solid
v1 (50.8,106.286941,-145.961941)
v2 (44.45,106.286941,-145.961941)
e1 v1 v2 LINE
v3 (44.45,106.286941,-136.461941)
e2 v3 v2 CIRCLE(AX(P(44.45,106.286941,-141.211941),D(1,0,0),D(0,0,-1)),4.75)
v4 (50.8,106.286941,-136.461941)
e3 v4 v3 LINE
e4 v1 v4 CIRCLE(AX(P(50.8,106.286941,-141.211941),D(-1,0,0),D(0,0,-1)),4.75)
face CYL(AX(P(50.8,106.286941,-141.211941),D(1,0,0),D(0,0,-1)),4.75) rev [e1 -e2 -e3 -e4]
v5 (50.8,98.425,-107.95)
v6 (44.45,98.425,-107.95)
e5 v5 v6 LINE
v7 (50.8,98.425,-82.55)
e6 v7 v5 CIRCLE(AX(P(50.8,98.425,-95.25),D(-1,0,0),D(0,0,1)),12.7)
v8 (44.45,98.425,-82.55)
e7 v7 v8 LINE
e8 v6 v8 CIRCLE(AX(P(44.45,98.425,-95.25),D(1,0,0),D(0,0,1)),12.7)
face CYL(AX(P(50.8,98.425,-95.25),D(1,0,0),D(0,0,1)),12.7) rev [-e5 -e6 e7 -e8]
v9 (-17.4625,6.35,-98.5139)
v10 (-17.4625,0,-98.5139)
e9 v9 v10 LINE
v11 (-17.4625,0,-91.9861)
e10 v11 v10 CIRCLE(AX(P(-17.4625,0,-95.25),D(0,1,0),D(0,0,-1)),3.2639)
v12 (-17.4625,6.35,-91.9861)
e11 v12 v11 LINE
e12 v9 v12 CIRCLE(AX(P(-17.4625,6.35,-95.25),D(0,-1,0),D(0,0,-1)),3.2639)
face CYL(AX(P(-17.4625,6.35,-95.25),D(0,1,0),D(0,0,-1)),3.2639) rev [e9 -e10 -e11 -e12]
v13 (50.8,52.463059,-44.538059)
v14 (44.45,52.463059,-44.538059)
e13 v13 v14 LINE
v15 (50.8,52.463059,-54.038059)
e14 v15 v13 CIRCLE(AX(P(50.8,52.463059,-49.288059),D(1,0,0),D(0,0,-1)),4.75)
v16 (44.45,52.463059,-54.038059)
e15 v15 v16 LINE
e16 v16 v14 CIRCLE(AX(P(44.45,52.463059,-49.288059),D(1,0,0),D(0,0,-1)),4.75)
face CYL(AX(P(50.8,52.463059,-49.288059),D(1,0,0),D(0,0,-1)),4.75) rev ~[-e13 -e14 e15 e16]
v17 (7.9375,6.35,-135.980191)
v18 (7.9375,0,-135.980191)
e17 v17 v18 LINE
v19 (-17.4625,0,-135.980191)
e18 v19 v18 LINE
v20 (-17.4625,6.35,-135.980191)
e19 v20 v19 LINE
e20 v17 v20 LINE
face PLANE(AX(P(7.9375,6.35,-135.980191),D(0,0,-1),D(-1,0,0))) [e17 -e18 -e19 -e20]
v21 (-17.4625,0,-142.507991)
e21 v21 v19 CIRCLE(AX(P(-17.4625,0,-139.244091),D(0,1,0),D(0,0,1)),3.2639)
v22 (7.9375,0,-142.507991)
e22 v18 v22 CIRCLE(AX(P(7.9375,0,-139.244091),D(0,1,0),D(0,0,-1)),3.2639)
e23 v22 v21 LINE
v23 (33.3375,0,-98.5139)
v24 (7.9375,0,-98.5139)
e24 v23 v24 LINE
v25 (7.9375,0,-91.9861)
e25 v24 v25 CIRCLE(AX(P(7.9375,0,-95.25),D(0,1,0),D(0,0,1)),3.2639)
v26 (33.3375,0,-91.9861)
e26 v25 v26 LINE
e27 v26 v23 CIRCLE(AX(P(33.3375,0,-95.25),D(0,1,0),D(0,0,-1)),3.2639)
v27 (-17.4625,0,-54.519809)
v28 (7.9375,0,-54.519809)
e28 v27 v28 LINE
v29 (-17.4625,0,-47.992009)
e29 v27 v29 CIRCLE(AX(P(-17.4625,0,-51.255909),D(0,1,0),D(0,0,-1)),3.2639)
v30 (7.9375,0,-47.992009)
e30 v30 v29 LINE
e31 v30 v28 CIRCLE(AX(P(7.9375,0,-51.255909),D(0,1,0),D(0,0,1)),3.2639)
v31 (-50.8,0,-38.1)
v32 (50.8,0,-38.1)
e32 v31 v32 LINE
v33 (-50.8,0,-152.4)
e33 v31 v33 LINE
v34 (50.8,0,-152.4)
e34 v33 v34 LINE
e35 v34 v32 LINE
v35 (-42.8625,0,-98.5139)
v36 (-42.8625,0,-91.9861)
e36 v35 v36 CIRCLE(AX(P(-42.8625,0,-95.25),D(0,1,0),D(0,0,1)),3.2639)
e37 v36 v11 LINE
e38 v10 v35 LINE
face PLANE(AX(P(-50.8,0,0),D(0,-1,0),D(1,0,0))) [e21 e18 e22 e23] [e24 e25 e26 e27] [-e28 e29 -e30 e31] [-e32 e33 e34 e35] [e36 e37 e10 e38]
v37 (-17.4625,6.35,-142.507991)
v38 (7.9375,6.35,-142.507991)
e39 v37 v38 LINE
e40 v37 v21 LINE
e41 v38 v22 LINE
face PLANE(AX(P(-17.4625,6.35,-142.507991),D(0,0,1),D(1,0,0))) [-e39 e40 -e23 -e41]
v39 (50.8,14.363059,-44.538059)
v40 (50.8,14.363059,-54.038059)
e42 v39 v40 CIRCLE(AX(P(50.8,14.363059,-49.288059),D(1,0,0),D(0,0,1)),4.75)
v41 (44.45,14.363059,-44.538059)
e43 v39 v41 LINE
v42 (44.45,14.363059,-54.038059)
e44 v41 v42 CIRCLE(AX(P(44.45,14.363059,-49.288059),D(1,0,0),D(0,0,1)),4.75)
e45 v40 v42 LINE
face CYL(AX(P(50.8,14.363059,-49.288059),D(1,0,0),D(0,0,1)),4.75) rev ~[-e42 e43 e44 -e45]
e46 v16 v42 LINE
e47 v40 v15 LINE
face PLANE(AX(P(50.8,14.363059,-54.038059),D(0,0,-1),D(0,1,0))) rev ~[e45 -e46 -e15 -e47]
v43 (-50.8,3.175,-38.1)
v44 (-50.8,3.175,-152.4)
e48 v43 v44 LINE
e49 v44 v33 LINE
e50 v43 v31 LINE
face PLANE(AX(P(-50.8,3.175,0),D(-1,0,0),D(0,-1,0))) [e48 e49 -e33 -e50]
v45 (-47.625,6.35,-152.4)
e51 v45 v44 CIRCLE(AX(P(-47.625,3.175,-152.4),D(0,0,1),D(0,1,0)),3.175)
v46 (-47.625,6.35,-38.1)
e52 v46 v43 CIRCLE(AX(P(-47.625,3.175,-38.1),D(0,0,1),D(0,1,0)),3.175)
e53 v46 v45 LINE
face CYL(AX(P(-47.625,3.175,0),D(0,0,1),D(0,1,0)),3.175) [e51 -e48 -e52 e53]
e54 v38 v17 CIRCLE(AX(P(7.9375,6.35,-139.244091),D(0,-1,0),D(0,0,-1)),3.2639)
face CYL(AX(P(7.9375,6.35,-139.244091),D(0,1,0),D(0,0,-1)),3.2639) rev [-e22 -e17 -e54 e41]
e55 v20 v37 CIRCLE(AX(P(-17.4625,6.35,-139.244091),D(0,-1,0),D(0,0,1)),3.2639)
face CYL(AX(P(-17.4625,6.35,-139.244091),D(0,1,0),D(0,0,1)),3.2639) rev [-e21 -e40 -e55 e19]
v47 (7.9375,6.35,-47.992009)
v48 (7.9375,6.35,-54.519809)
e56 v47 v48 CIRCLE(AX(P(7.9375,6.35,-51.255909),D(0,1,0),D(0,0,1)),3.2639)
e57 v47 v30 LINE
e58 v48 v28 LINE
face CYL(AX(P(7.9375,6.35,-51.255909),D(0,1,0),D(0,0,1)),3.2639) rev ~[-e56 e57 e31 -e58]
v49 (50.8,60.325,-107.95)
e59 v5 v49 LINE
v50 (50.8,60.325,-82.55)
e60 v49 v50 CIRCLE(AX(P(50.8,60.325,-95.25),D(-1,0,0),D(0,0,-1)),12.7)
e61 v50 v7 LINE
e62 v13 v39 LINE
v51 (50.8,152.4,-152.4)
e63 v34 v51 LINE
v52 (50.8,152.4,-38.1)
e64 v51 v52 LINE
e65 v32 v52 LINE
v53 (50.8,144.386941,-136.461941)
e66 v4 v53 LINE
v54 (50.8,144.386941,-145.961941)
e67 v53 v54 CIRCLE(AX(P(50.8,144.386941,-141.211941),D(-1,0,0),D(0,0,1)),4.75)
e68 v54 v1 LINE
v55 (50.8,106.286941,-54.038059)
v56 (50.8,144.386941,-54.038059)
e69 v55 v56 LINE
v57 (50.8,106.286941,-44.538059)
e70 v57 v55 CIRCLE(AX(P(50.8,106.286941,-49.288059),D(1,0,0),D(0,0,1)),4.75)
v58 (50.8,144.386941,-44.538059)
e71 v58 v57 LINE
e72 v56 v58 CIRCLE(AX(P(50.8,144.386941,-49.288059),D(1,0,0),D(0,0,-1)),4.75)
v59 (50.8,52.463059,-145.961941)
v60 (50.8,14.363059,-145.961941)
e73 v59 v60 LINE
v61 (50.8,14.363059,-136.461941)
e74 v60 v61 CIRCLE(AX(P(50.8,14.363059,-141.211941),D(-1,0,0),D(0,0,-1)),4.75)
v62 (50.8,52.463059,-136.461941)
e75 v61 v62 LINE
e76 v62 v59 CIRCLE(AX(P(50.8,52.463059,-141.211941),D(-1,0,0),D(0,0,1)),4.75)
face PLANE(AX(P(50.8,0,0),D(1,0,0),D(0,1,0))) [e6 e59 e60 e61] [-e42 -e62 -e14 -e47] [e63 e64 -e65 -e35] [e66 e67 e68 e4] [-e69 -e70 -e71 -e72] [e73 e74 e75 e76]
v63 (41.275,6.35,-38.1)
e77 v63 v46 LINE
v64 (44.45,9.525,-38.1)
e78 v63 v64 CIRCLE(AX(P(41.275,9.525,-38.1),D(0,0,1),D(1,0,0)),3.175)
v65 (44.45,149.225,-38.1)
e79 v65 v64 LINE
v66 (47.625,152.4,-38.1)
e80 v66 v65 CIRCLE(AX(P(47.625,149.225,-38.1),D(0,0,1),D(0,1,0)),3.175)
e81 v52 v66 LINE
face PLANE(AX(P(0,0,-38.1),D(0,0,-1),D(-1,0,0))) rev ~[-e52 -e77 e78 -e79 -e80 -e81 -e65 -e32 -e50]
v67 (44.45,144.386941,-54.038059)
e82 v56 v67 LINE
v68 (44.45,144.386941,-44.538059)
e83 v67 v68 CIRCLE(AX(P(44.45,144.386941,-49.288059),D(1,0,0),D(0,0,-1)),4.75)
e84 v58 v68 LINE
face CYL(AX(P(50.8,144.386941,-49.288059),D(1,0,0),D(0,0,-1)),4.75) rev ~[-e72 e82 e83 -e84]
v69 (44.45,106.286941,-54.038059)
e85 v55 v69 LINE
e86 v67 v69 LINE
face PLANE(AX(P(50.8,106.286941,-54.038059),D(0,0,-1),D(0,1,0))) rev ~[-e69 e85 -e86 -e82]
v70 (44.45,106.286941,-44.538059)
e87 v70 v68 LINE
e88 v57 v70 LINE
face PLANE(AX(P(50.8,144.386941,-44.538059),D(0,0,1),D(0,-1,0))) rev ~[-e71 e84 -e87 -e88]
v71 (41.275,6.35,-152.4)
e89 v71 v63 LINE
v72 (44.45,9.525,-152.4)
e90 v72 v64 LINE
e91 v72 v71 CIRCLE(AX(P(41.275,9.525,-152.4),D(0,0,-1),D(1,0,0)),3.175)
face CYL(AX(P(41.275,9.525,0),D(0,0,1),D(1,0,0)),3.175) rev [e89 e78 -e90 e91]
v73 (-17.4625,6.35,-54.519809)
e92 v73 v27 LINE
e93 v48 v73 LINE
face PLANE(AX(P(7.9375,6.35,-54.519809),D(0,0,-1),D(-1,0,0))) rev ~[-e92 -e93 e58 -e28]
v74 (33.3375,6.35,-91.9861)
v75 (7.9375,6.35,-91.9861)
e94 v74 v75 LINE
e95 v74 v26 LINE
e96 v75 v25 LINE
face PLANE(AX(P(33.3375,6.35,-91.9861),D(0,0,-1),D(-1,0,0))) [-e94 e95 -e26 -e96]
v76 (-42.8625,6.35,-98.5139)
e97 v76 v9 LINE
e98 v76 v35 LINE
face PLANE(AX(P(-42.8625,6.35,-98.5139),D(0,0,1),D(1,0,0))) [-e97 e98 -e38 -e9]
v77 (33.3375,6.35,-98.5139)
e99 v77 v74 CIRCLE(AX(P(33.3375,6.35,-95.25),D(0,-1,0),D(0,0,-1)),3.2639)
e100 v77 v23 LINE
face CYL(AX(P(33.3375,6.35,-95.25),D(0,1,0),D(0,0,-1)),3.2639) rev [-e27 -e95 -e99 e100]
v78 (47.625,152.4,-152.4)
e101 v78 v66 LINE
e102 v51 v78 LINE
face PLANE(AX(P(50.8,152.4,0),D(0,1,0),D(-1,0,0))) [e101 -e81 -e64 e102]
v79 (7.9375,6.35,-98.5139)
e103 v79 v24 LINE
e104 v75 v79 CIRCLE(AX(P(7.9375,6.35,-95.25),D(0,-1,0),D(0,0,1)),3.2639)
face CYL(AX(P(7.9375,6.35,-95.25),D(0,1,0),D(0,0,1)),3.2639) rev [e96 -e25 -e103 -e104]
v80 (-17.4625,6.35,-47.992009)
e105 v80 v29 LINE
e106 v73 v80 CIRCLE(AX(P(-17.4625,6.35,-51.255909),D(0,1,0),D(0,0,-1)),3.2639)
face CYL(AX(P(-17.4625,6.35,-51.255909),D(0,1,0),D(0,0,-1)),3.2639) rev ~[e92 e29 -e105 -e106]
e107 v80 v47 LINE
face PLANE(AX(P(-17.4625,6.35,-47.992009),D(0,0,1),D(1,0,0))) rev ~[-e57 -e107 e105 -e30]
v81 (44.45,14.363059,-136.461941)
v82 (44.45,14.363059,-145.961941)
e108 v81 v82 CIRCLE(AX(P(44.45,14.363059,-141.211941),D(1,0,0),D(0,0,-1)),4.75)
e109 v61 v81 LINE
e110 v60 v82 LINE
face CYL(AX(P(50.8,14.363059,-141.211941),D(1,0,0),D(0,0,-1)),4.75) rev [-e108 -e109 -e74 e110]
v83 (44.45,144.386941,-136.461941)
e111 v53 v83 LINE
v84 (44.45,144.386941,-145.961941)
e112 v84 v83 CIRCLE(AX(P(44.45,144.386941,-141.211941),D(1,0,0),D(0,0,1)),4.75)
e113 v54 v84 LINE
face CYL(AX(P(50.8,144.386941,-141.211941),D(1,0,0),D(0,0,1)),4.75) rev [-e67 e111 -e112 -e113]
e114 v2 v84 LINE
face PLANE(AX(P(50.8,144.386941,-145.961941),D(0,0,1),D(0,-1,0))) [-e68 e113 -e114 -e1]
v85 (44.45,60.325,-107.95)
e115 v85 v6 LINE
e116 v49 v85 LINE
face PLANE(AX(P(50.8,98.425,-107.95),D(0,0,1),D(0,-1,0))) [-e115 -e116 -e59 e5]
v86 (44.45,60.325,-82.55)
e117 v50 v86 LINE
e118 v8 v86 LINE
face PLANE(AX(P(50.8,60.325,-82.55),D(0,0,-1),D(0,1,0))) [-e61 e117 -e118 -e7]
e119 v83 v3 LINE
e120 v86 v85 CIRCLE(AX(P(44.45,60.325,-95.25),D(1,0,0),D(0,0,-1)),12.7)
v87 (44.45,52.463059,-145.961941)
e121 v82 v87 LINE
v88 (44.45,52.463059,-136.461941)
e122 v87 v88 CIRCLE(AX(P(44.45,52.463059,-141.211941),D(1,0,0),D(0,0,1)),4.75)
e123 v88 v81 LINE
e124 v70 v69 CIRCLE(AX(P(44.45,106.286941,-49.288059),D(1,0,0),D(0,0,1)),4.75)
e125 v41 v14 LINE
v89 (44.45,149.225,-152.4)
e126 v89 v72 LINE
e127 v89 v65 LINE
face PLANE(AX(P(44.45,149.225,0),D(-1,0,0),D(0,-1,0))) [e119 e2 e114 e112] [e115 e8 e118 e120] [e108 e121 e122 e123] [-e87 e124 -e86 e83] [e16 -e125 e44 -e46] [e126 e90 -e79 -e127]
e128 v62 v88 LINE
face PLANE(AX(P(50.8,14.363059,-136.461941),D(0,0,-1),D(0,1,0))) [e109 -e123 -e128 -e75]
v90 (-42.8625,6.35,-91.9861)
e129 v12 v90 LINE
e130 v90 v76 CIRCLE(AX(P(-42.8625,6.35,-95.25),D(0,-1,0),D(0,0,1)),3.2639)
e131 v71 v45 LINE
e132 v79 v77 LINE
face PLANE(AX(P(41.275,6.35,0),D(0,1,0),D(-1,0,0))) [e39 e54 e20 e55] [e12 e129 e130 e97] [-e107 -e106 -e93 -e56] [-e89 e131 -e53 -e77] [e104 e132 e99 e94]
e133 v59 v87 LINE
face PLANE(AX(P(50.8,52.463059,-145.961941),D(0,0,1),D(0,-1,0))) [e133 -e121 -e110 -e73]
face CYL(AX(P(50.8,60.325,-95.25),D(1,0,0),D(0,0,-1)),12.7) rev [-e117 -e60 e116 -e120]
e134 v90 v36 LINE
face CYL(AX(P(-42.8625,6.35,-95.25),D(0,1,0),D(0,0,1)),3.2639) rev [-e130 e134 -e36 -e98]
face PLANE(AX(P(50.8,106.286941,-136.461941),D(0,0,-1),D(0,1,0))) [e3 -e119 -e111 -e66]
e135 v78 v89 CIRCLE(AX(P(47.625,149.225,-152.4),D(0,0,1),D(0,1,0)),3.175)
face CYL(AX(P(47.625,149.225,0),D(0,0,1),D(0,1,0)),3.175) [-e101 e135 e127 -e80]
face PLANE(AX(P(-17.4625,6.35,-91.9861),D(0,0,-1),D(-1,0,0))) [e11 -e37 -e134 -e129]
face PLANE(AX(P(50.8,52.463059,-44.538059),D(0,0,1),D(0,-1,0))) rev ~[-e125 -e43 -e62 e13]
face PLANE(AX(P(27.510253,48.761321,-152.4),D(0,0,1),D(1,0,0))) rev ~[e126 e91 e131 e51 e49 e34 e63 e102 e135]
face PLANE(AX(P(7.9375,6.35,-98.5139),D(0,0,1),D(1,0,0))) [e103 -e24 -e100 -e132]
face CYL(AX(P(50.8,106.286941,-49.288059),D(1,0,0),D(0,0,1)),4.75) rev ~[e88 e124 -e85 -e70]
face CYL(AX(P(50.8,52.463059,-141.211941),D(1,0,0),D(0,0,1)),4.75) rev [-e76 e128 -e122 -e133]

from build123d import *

# Parameters (mm, degrees)
BOSS_EXTRUDE1_DEPTH = 152.4
CUT_EXTRUDE1_DEPTH  = 239.273120599
CUT_EXTRUDE2_DEPTH  = 218.110576665


with BuildPart() as part:
    # Sketch2 → Boss-Extrude1 (new, symmetric)
    with BuildSketch(Plane.XY):
        with BuildLine():
            Line((-50.8, 0), (50.8, 0))
            Line((50.8, 0), (50.8, 152.4))
            Line((50.8, 152.4), (47.625, 152.4))
            ThreePointArc((47.625, 152.4), (45.37993597, 151.47006403), (44.45, 149.225))
            Line((44.45, 149.225), (44.45, 9.525))
            ThreePointArc((44.45, 9.525), (43.52006403, 7.27993597), (41.275, 6.35))
            Line((41.275, 6.35), (-47.625, 6.35))
            ThreePointArc((-47.625, 6.35), (-49.87006403, 5.42006403), (-50.8, 3.175))
            Line((-50.8, 3.175), (-50.8, 0))
        make_face()
    extrude(amount=BOSS_EXTRUDE1_DEPTH, both=True)

    # SurfaceCut1
    split(bisect_by=Plane(origin=(0, 0, -38.1), x_dir=(-1, 0, 0), z_dir=(0, 0, -1)), keep=Keep.TOP)

    # Sketch3 → Cut-Extrude1 (cut, through all)
    with BuildSketch(Plane(origin=(50.8, 0, 0), x_dir=(0, 0, -1), z_dir=(1, 0, 0))):
        with BuildLine():
            Line((145.961940777, 144.386940777), (145.961940777, 106.286940777))
            ThreePointArc((145.961940777, 106.286940777), (141.211940777, 101.536940777), (136.461940777, 106.286940777))
            Line((136.461940777, 106.286940777), (136.461940777, 144.386940777))
            ThreePointArc((136.461940777, 144.386940777), (141.211940777, 149.136940777), (145.961940777, 144.386940777))
        make_face()
        with BuildLine():
            Line((145.961940777, 52.463059223), (145.961940777, 14.363059223))
            ThreePointArc((145.961940777, 14.363059223), (141.211940777, 9.613059223), (136.461940777, 14.363059223))
            Line((136.461940777, 14.363059223), (136.461940777, 52.463059223))
            ThreePointArc((136.461940777, 52.463059223), (141.211940777, 57.213059223), (145.961940777, 52.463059223))
        make_face()
        with BuildLine():
            Line((44.538059223, 52.463059223), (44.538059223, 14.363059223))
            ThreePointArc((44.538059223, 14.363059223), (49.288059223, 9.613059223), (54.038059223, 14.363059223))
            Line((54.038059223, 14.363059223), (54.038059223, 52.463059223))
            ThreePointArc((54.038059223, 52.463059223), (49.288059223, 57.213059223), (44.538059223, 52.463059223))
        make_face()
        with BuildLine():
            Line((44.538059223, 144.386940777), (44.538059223, 106.286940777))
            ThreePointArc((44.538059223, 106.286940777), (49.288059223, 101.536940777), (54.038059223, 106.286940777))
            Line((54.038059223, 106.286940777), (54.038059223, 144.386940777))
            ThreePointArc((54.038059223, 144.386940777), (49.288059223, 149.136940777), (44.538059223, 144.386940777))
        make_face()
        with BuildLine():
            Line((107.95, 98.425), (107.95, 60.325))
            ThreePointArc((107.95, 60.325), (95.25, 47.625), (82.55, 60.325))
            Line((82.55, 60.325), (82.55, 98.425))
            ThreePointArc((82.55, 98.425), (95.25, 111.125), (107.95, 98.425))
        make_face()
    extrude(amount=-CUT_EXTRUDE1_DEPTH, mode=Mode.SUBTRACT)

    # Sketch4 → Cut-Extrude2 (cut, through all)
    with BuildSketch(Plane(origin=(0, 6.35, 0), x_dir=(1, 0, 0), z_dir=(0, 1, 0))):
        with BuildLine():
            Line((-42.8625, 98.5139), (-17.4625, 98.5139))
            ThreePointArc((-17.4625, 98.5139), (-14.1986, 95.25), (-17.4625, 91.9861))
            Line((-17.4625, 91.9861), (-42.8625, 91.9861))
            ThreePointArc((-42.8625, 91.9861), (-46.1264, 95.25), (-42.8625, 98.5139))
        make_face()
        with BuildLine():
            Line((7.9375, 98.5139), (33.3375, 98.5139))
            ThreePointArc((33.3375, 98.5139), (36.6014, 95.25), (33.3375, 91.9861))
            Line((33.3375, 91.9861), (7.9375, 91.9861))
            ThreePointArc((7.9375, 91.9861), (4.6736, 95.25), (7.9375, 98.5139))
        make_face()
        with BuildLine():
            Line((-17.4625, 142.507990512), (7.9375, 142.507990512))
            ThreePointArc((7.9375, 142.507990512), (11.2014, 139.244090512), (7.9375, 135.980190512))
            Line((7.9375, 135.980190512), (-17.4625, 135.980190512))
            ThreePointArc((-17.4625, 135.980190512), (-20.7264, 139.244090512), (-17.4625, 142.507990512))
        make_face()
        with BuildLine():
            Line((-17.4625, 47.992009488), (7.9375, 47.992009488))
            ThreePointArc((7.9375, 47.992009488), (11.2014, 51.255909488), (7.9375, 54.519809488))
            Line((7.9375, 54.519809488), (-17.4625, 54.519809488))
            ThreePointArc((-17.4625, 54.519809488), (-20.7264, 51.255909488), (-17.4625, 47.992009488))
        make_face()
    extrude(amount=-CUT_EXTRUDE2_DEPTH, mode=Mode.SUBTRACT)


solid = part.part
